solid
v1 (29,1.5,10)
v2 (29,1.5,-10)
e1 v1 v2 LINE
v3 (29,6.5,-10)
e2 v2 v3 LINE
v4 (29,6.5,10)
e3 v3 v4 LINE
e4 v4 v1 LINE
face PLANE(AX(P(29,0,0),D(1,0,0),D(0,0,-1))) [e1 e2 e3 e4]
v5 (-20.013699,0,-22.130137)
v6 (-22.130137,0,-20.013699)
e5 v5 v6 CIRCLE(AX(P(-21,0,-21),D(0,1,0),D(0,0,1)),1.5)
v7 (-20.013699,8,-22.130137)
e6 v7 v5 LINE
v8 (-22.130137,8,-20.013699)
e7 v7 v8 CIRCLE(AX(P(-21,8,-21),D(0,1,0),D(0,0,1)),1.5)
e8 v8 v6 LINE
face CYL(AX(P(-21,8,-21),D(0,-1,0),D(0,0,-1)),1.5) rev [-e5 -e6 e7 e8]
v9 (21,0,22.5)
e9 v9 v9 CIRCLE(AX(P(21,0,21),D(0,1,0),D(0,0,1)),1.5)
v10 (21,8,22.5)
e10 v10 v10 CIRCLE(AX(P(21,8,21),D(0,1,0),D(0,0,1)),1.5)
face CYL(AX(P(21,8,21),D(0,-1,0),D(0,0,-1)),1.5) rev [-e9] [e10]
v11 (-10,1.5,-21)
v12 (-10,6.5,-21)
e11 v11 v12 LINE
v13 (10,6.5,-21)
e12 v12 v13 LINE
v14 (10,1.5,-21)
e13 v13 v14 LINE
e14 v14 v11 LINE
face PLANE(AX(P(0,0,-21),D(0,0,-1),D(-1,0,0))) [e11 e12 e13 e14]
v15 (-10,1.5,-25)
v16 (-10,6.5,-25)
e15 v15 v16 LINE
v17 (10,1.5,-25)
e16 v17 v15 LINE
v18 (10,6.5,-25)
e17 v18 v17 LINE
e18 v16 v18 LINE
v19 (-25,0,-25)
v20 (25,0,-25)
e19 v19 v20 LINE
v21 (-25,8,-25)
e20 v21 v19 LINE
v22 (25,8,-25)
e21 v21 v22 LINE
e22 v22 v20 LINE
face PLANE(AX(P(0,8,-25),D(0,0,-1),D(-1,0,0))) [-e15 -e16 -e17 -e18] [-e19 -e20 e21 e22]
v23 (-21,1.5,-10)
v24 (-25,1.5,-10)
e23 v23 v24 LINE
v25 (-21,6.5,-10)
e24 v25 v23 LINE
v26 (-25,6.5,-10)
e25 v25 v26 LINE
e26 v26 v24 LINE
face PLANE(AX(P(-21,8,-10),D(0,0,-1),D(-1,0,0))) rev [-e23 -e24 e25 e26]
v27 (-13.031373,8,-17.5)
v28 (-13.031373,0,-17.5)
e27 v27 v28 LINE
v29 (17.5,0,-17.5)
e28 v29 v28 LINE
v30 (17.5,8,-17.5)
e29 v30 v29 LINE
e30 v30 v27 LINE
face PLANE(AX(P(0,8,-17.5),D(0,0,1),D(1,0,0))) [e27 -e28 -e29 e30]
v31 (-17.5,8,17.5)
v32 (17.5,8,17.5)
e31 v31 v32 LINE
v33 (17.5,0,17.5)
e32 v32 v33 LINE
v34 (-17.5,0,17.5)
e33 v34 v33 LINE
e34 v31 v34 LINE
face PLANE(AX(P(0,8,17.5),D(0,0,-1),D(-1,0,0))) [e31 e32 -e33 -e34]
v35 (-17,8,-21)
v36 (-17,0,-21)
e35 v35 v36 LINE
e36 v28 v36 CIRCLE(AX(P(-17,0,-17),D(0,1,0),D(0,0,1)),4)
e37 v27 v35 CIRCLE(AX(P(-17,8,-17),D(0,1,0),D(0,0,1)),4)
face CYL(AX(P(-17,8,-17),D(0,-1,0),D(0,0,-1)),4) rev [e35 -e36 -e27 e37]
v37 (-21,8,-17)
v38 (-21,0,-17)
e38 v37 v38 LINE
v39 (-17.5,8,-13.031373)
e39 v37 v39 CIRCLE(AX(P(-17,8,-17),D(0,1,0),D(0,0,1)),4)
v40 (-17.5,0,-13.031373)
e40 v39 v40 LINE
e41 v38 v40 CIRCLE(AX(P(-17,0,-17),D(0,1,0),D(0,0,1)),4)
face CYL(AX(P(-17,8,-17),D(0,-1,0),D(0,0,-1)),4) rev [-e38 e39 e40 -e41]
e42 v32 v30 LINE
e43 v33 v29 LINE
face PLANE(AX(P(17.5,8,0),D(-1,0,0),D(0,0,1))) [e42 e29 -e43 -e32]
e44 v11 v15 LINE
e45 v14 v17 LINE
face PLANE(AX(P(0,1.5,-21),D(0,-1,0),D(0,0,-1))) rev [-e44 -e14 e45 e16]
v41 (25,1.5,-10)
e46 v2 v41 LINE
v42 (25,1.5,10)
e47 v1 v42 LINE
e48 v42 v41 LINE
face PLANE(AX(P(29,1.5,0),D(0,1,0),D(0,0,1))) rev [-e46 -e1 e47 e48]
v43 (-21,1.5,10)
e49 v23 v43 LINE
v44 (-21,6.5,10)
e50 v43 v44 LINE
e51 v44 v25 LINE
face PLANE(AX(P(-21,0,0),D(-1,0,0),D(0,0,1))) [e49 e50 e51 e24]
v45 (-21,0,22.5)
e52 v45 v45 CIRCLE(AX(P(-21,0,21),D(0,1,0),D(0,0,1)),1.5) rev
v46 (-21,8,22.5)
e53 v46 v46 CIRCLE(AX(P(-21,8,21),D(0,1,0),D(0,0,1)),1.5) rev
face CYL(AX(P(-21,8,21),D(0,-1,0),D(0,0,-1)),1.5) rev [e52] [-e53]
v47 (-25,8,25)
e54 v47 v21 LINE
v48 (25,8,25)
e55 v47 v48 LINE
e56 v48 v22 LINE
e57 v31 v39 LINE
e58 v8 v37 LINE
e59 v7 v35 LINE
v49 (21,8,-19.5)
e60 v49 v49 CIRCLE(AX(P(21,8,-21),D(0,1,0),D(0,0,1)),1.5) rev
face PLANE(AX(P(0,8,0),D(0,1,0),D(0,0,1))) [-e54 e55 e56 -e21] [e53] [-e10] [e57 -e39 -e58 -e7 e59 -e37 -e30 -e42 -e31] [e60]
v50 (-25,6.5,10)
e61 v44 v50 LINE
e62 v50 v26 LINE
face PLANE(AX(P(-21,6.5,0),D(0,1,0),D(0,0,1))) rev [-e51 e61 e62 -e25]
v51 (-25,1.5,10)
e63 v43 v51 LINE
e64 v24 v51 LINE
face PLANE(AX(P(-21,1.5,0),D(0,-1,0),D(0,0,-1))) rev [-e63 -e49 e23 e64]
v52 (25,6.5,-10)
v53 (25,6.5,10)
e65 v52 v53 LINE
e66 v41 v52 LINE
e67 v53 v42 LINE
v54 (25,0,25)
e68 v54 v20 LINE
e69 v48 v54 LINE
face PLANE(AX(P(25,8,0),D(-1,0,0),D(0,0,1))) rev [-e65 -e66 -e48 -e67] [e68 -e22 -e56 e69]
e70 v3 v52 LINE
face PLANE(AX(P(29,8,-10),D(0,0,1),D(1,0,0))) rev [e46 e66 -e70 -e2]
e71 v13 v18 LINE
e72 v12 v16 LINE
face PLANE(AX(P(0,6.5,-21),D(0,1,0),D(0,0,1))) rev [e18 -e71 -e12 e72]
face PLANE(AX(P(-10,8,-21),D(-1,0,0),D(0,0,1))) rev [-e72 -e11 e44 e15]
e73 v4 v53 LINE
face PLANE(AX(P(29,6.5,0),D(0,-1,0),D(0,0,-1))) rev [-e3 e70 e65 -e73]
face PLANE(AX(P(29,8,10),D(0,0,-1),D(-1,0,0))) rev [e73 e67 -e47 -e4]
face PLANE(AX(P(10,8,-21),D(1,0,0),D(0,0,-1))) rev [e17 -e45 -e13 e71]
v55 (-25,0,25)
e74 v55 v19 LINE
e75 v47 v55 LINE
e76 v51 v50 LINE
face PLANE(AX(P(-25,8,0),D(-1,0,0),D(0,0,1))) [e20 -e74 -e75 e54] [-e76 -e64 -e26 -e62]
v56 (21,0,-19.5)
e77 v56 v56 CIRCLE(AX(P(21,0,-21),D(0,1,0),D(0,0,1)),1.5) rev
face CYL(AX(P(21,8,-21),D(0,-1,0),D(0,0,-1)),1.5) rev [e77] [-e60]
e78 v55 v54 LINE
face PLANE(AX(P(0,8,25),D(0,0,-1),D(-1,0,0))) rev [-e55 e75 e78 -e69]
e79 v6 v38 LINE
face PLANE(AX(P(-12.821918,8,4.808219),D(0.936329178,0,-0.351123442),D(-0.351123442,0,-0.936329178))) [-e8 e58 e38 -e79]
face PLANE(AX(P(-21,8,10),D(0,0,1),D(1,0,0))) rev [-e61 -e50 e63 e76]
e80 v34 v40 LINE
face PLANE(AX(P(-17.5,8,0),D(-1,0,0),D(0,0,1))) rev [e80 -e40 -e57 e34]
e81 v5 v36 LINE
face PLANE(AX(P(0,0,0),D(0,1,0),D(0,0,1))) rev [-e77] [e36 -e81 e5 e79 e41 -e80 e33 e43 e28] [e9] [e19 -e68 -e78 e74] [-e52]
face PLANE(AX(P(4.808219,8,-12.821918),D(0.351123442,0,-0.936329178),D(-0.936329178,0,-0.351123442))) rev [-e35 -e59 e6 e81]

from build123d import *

# Parameters (mm, degrees)
SKETCH1_W        = 50
SKETCH1_H        = 50
SKETCH1_R        = 1.5
SUPPORT_DEPTH    = 8
NORTH_START      = -25
SKETCH2_W        = 20
SKETCH2_H        = 5
NORTH_CUT_DEPTH  = 4
WEST_START       = -25
SKETCH3_W        = 20
SKETCH3_H        = 5
WEST_CUT_DEPTH   = 4
EAST_START       = 25
SKETCH3_3_W      = 20
SKETCH3_3_H      = 5
EAST_DOWEL_DEPTH = 4


with BuildPart() as part:
    # Sketch1 → Support (new body)
    with BuildSketch(Plane(origin=(0, 0, 0), x_dir=(1, 0, 0), z_dir=(0, 1, 0))):
        Rectangle(SKETCH1_W, SKETCH1_H)
        with Locations(Location((-21, -21, 0), (0, 0, 270))):
            Circle(SKETCH1_R, mode=Mode.SUBTRACT)
        with Locations(Location((21, -21, 0), (0, 0, 270))):
            Circle(SKETCH1_R, mode=Mode.SUBTRACT)
        with BuildLine():
            Line((-13.031373033, 17.5), (17.5, 17.5))
            Line((17.5, 17.5), (17.5, -17.5))
            Line((17.5, -17.5), (-17.5, -17.5))
            Line((-17.5, -17.5), (-17.5, 13.031373033))
            ThreePointArc((-17.5, 13.031373033), (-20, 14.354248689), (-21, 17))
            Line((-21, 17), (-22.130136986, 20.01369863))
            ThreePointArc((-22.130136986, 20.01369863), (-22.060660172, 22.060660172), (-20.01369863, 22.130136986))
            Line((-20.01369863, 22.130136986), (-17, 21))
            ThreePointArc((-17, 21), (-14.354248689, 20), (-13.031373033, 17.5))
        make_face(mode=Mode.SUBTRACT)
        with Locations(Location((21, 21, 0), (0, 0, 270))):
            Circle(SKETCH1_R, mode=Mode.SUBTRACT)
    extrude(amount=SUPPORT_DEPTH)

    # Sketch2 → North Cut (cut)
    with BuildSketch(Plane.XY.offset(NORTH_START)):
        with Locations((0, 4)):
            Rectangle(SKETCH2_W, SKETCH2_H)
    extrude(amount=NORTH_CUT_DEPTH, mode=Mode.SUBTRACT)

    # Sketch3 → West Cut (cut)
    with BuildSketch(Plane(origin=(0, 0, 0), x_dir=(0, 0, -1), z_dir=(1, 0, 0)).offset(WEST_START)):
        with Locations((0, 4)):
            Rectangle(SKETCH3_W, SKETCH3_H)
    extrude(amount=WEST_CUT_DEPTH, mode=Mode.SUBTRACT)

    # Sketch3<3> → East Dowel (add)
    with BuildSketch(Plane(origin=(0, 0, 0), x_dir=(0, 0, -1), z_dir=(1, 0, 0)).offset(EAST_START)):
        with Locations((0, 4)):
            Rectangle(SKETCH3_3_W, SKETCH3_3_H)
    extrude(amount=EAST_DOWEL_DEPTH)


solid = part.part
